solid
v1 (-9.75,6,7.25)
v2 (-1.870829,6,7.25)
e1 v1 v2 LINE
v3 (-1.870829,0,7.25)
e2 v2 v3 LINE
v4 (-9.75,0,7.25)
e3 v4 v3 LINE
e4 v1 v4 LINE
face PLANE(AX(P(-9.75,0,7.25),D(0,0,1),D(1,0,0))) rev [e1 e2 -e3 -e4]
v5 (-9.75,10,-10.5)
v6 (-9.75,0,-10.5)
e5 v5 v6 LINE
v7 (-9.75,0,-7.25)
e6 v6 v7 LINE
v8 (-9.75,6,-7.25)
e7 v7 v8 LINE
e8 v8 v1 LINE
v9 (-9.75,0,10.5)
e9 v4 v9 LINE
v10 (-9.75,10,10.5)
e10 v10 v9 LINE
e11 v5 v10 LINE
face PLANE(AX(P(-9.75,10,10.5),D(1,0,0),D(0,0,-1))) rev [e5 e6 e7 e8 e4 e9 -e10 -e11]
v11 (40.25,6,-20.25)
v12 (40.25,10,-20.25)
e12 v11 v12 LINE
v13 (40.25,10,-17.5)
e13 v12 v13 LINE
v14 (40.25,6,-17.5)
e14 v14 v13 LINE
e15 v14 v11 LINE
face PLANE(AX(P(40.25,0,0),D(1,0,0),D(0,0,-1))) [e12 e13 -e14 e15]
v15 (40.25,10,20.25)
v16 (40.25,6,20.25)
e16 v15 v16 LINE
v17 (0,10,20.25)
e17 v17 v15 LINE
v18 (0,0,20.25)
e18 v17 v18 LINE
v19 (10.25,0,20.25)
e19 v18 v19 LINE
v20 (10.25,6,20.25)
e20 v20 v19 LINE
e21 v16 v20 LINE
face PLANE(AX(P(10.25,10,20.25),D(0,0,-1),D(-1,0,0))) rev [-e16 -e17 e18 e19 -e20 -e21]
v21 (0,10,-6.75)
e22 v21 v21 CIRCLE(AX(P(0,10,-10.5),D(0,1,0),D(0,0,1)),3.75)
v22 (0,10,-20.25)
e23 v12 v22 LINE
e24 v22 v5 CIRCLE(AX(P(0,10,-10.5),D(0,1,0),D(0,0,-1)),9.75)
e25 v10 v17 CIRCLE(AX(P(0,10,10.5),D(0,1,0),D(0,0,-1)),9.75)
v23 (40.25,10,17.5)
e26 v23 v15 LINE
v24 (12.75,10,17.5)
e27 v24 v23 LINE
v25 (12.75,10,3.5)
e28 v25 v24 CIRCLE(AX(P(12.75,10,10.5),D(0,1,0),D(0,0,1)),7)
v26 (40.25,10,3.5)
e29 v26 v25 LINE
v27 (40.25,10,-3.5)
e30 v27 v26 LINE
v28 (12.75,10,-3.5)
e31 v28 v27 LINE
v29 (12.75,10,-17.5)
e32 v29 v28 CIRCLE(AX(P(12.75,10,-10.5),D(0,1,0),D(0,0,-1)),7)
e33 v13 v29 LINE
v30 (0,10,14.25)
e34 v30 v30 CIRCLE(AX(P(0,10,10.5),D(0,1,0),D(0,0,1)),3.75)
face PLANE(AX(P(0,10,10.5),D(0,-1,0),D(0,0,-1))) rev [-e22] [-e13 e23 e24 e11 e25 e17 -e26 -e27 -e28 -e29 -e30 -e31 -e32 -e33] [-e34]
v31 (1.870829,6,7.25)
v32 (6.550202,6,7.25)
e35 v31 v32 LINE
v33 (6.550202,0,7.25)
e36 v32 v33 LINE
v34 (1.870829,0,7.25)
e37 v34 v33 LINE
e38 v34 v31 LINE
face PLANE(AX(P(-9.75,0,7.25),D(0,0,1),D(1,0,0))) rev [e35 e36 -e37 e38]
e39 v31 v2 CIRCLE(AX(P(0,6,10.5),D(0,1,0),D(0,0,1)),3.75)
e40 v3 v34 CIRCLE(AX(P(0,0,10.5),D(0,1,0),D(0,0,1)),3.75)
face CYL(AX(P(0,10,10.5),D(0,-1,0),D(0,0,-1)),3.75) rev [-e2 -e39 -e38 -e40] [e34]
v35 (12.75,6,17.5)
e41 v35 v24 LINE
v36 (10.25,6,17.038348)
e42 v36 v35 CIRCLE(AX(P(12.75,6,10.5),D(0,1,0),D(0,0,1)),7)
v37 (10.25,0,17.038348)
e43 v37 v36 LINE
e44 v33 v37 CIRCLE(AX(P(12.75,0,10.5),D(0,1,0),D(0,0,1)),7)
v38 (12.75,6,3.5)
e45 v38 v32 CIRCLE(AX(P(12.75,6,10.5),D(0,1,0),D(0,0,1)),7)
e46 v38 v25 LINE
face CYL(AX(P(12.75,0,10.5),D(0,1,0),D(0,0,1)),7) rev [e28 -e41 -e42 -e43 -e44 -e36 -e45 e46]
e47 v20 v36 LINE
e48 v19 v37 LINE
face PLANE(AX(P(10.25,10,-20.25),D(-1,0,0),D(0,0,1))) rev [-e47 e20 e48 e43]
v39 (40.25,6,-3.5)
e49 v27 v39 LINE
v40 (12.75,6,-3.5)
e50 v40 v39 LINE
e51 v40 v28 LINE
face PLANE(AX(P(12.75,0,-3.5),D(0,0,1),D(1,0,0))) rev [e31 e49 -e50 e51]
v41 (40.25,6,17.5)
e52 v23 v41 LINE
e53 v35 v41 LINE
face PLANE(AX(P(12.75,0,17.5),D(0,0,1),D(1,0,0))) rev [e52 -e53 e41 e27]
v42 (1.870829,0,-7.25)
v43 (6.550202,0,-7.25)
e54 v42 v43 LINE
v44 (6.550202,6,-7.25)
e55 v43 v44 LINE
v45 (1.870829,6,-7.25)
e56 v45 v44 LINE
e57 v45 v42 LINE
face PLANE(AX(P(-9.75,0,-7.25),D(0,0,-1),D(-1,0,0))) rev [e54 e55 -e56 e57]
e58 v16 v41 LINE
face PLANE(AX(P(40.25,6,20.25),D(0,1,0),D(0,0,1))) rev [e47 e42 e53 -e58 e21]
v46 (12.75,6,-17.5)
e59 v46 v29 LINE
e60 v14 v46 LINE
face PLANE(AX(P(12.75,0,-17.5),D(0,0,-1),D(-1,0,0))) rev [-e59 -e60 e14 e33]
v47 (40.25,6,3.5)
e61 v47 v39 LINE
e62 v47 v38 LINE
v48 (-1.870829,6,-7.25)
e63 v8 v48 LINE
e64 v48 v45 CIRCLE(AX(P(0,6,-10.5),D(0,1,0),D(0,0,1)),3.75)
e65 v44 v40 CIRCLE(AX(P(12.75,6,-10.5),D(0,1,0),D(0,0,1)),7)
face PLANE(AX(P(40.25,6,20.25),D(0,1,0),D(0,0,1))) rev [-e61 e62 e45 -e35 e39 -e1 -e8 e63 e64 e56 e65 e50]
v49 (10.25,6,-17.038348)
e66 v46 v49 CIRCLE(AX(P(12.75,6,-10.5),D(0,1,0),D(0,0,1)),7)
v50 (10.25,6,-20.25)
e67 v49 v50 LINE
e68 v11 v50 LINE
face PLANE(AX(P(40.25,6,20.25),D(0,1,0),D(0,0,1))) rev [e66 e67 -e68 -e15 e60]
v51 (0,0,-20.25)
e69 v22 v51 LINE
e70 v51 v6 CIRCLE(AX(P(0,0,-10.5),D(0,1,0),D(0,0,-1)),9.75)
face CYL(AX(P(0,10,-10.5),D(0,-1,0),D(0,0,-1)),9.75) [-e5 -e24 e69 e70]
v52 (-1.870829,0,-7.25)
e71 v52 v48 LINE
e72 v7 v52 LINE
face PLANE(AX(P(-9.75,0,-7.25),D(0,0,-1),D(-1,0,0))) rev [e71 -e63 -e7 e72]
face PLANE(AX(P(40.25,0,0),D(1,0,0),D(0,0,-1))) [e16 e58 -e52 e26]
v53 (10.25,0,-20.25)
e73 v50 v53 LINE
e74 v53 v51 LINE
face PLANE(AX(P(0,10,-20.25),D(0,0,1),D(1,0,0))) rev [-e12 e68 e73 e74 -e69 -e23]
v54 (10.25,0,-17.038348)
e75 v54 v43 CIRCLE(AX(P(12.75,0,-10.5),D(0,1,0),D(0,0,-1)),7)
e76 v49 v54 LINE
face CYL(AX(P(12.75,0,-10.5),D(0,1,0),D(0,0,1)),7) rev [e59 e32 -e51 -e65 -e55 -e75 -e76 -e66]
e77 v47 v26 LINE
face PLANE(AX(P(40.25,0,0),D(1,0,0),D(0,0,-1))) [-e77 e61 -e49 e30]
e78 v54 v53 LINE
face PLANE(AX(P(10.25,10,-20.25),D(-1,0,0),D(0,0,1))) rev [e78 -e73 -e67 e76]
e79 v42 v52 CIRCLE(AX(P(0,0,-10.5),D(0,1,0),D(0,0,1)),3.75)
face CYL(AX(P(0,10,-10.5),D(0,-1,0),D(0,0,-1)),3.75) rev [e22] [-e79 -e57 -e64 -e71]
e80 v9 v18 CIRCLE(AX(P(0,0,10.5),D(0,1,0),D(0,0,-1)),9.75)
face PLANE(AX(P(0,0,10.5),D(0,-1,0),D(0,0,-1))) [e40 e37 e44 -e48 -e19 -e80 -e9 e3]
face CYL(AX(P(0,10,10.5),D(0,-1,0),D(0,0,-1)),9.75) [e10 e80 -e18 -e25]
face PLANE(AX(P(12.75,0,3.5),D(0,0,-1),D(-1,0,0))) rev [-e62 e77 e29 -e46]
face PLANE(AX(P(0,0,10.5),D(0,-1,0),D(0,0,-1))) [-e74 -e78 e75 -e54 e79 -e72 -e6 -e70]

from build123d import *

# Parameters (mm, degrees)
CROQUIS1_R              = 3.75
SALIENTE_EXTRUIR1_DEPTH = 10
CROQUIS2_W              = 40.5
CROQUIS2_H              = 4
SALIENTE_EXTRUIR2_DEPTH = 30
CROQUIS3_W              = 14.5
CROQUIS3_H              = 6
CORTAR_EXTRUIR1_DEPTH   = 38.550798926
CORTAR_EXTRUIR2_DEPTH   = 47.15327724


with BuildPart() as part:
    # Croquis1 → Saliente-Extruir1 (new body)
    with BuildSketch(Plane(origin=(0, 0, 0), x_dir=(1, 0, 0), z_dir=(0, 1, 0))):
        with BuildLine():
            Line((-9.75, -10.5), (-9.75, 10.5))
            ThreePointArc((-9.75, 10.5), (-6.894291117, 17.394291117), (0, 20.25))
            Line((0, 20.25), (10.25, 20.25))
            Line((10.25, 20.25), (10.25, -20.25))
            Line((10.25, -20.25), (0, -20.25))
            ThreePointArc((0, -20.25), (-6.894291117, -17.394291117), (-9.75, -10.5))
        make_face()
        with Locations(Location((0, 10.5, 0), (0, 0, 270))):
            Circle(CROQUIS1_R, mode=Mode.SUBTRACT)
        with Locations(Location((0, -10.5, 0), (0, 0, 270))):
            Circle(CROQUIS1_R, mode=Mode.SUBTRACT)
    extrude(amount=SALIENTE_EXTRUIR1_DEPTH)

    # Croquis2 → Saliente-Extruir2 (add)
    with BuildSketch(Plane(origin=(10.25, 0, 0), x_dir=(0, 0, -1), z_dir=(1, 0, 0))):
        with Locations((0, 8)):
            Rectangle(CROQUIS2_W, CROQUIS2_H)
    extrude(amount=SALIENTE_EXTRUIR2_DEPTH)

    # Croquis3 → Cortar-Extruir1 (cut, through all)
    with BuildSketch(Plane(origin=(10.25, 0, 0), x_dir=(0, 0, -1), z_dir=(1, 0, 0))):
        with Locations((0, 3)):
            Rectangle(CROQUIS3_W, CROQUIS3_H)
    extrude(amount=-CORTAR_EXTRUIR1_DEPTH, mode=Mode.SUBTRACT)

    # Croquis5 → Cortar-Extruir2 (cut, through all)
    with BuildSketch(Plane(origin=(0, 10, 0), x_dir=(1, 0, 0), z_dir=(0, 1, 0))):
        with BuildLine():
            Line((12.75, -3.5), (40.25, -3.5))
            ThreePointArc((40.25, -3.5), (47.25, -10.5), (40.25, -17.5))
            Line((40.25, -17.5), (12.75, -17.5))
            ThreePointArc((12.75, -17.5), (5.75, -10.5), (12.75, -3.5))
        make_face()
        with BuildLine():
            Line((12.75, 3.5), (40.25, 3.5))
            ThreePointArc((40.25, 3.5), (47.25, 10.5), (40.25, 17.5))
            Line((40.25, 17.5), (12.75, 17.5))
            ThreePointArc((12.75, 17.5), (5.75, 10.5), (12.75, 3.5))
        make_face()
    extrude(amount=-CORTAR_EXTRUIR2_DEPTH, mode=Mode.SUBTRACT)


solid = part.part
